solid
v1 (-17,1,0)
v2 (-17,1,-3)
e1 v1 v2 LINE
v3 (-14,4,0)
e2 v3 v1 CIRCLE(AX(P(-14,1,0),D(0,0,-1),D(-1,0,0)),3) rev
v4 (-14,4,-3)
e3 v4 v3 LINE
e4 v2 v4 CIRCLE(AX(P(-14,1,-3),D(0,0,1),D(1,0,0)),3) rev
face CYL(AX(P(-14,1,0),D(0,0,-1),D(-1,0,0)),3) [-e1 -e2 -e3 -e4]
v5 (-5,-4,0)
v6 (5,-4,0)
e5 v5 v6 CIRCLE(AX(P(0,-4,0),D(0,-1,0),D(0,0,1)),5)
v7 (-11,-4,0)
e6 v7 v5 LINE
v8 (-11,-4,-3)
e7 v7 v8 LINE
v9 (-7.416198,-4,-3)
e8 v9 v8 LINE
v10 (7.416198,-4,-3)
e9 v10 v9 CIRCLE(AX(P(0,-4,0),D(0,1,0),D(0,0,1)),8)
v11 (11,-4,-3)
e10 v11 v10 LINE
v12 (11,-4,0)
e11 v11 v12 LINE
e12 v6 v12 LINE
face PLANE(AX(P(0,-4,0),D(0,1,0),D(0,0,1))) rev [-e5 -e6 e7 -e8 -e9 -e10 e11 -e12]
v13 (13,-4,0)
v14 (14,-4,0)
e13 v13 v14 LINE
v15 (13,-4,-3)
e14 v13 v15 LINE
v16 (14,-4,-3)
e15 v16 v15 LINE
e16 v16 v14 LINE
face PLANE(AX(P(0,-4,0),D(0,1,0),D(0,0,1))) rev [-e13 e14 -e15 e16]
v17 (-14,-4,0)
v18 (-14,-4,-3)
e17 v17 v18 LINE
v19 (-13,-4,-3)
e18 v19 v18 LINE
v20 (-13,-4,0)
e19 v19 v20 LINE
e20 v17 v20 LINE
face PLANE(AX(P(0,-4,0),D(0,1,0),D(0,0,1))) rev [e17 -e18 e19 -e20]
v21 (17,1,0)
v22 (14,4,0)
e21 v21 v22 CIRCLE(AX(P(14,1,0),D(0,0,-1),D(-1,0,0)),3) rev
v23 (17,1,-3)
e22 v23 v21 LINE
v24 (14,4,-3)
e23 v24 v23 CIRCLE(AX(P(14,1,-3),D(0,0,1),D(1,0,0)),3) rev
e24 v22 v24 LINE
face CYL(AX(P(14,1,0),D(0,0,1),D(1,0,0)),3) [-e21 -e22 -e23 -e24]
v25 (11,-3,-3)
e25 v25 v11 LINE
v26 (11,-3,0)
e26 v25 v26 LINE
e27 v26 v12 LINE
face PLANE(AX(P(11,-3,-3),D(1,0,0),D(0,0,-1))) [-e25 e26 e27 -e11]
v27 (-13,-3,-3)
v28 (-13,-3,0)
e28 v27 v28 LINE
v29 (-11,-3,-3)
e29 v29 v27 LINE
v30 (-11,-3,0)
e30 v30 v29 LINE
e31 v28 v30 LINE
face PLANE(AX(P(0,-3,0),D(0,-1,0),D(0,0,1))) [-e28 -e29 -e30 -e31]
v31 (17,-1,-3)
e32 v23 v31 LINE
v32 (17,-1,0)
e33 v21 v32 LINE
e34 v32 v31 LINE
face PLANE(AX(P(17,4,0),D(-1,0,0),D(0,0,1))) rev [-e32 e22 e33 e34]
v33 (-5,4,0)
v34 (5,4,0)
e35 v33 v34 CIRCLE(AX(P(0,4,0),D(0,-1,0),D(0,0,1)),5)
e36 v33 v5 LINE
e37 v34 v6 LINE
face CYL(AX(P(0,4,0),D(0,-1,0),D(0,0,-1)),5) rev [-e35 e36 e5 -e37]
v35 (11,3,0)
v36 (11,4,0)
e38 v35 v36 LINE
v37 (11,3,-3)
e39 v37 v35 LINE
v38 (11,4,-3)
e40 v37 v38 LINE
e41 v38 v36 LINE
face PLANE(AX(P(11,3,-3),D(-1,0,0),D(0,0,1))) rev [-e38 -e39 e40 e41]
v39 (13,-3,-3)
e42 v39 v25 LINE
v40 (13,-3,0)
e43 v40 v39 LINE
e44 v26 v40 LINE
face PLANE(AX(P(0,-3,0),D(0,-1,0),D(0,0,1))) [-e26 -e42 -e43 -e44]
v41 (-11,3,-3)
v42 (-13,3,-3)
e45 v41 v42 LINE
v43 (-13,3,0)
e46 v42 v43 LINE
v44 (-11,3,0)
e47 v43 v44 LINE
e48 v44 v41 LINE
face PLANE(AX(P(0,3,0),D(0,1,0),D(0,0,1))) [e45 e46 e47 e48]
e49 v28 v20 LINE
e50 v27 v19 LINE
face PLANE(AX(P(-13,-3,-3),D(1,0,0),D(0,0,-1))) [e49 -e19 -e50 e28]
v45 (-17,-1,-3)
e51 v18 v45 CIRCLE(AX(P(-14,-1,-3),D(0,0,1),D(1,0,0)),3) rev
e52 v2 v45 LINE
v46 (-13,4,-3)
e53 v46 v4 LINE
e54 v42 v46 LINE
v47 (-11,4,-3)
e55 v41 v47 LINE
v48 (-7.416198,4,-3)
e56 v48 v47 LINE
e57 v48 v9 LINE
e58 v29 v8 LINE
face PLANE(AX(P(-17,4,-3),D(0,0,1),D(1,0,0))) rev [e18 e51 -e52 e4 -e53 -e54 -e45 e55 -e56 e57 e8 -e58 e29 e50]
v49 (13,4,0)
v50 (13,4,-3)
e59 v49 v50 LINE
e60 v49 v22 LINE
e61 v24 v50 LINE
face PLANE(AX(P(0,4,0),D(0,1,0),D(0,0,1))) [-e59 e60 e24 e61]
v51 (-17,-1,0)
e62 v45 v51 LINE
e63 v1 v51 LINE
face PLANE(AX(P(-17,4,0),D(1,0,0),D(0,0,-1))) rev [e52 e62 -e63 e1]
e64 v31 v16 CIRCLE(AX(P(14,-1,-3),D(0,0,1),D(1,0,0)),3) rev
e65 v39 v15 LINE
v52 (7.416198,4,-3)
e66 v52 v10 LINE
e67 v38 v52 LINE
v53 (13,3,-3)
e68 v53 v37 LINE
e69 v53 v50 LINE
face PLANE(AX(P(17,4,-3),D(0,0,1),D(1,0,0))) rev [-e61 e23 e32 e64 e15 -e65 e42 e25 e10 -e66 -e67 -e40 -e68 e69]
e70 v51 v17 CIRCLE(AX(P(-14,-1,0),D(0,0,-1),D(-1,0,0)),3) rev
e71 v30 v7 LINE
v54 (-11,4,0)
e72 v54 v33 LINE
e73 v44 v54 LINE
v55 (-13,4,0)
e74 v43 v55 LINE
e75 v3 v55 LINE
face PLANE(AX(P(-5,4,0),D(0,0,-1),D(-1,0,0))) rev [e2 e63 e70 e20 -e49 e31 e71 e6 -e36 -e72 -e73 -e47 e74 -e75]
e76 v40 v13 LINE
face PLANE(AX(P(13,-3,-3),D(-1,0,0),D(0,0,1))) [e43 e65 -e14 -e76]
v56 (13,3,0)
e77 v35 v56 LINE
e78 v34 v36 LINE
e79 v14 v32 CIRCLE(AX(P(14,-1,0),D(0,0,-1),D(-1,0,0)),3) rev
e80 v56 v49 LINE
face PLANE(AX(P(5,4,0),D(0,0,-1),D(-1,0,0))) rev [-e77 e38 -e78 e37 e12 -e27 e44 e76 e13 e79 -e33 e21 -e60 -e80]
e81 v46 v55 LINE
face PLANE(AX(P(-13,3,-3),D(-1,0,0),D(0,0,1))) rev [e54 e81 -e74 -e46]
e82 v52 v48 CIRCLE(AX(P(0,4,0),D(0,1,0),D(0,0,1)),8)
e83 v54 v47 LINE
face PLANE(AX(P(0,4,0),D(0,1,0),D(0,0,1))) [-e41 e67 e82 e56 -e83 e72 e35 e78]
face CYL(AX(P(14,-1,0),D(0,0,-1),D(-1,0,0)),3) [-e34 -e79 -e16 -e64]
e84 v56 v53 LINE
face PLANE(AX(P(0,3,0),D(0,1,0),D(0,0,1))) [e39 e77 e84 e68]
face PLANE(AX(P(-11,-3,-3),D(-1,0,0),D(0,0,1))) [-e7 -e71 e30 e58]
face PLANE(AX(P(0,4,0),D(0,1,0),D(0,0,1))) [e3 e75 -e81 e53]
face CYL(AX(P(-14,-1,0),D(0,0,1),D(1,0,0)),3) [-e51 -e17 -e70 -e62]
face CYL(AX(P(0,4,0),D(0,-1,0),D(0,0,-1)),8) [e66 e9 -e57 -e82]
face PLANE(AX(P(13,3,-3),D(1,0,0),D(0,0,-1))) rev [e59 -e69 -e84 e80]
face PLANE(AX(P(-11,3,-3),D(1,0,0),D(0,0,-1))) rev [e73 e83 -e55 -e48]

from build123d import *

# Parameters (mm, degrees)
EXTRUDE_1_DEPTH     = 4
SKETCH_2_W          = 2
SKETCH_2_H          = 3
CUT_EXTRUDE_1_DEPTH = 1
FILLET_1_R          = 3


with BuildPart() as part:
    # 草圖1 → 填料-伸長1 (new body, symmetric)
    with BuildSketch(Plane(origin=(0, 0, 0), x_dir=(1, 0, 0), z_dir=(0, 1, 0))):
        with BuildLine():
            Line((-5, 0), (-17, 0))
            Line((-17, 0), (-17, 3))
            Line((-17, 3), (-7.416198487, 3))
            ThreePointArc((-7.416198487, 3), (0, 8), (7.416198487, 3))
            Line((7.416198487, 3), (17, 3))
            Line((17, 3), (17, 0))
            Line((17, 0), (5, 0))
            ThreePointArc((5, 0), (0, 5), (-5, 0))
        make_face()
    extrude(amount=EXTRUDE_1_DEPTH, both=True)

    # 草圖2 → 除料-伸長1 (cut)
    with BuildSketch(Plane(origin=(0, 4, 0), x_dir=(1, 0, 0), z_dir=(0, 1, 0))):
        with Locations((-12, 1.5)):
            Rectangle(SKETCH_2_W, SKETCH_2_H)
        with Locations((12, 1.5)):
            Rectangle(SKETCH_2_W, SKETCH_2_H)
    cut_extrude_1 = extrude(amount=-CUT_EXTRUDE_1_DEPTH, mode=Mode.SUBTRACT)

    # 鏡射1: 除料-伸長1 across plane
    add(cut_extrude_1.mirror(Plane.ZX), mode=Mode.SUBTRACT)

    # 圓角1
    fillet_1_edges = [part.edges().sort_by_distance(p)[0] for p in [
        (17, 4, -1.5),
        (-17, 4, -1.5),
        (-17, -4, -1.5),
        (17, -4, -1.5),
    ]]
    fillet(fillet_1_edges, radius=FILLET_1_R)


solid = part.part
